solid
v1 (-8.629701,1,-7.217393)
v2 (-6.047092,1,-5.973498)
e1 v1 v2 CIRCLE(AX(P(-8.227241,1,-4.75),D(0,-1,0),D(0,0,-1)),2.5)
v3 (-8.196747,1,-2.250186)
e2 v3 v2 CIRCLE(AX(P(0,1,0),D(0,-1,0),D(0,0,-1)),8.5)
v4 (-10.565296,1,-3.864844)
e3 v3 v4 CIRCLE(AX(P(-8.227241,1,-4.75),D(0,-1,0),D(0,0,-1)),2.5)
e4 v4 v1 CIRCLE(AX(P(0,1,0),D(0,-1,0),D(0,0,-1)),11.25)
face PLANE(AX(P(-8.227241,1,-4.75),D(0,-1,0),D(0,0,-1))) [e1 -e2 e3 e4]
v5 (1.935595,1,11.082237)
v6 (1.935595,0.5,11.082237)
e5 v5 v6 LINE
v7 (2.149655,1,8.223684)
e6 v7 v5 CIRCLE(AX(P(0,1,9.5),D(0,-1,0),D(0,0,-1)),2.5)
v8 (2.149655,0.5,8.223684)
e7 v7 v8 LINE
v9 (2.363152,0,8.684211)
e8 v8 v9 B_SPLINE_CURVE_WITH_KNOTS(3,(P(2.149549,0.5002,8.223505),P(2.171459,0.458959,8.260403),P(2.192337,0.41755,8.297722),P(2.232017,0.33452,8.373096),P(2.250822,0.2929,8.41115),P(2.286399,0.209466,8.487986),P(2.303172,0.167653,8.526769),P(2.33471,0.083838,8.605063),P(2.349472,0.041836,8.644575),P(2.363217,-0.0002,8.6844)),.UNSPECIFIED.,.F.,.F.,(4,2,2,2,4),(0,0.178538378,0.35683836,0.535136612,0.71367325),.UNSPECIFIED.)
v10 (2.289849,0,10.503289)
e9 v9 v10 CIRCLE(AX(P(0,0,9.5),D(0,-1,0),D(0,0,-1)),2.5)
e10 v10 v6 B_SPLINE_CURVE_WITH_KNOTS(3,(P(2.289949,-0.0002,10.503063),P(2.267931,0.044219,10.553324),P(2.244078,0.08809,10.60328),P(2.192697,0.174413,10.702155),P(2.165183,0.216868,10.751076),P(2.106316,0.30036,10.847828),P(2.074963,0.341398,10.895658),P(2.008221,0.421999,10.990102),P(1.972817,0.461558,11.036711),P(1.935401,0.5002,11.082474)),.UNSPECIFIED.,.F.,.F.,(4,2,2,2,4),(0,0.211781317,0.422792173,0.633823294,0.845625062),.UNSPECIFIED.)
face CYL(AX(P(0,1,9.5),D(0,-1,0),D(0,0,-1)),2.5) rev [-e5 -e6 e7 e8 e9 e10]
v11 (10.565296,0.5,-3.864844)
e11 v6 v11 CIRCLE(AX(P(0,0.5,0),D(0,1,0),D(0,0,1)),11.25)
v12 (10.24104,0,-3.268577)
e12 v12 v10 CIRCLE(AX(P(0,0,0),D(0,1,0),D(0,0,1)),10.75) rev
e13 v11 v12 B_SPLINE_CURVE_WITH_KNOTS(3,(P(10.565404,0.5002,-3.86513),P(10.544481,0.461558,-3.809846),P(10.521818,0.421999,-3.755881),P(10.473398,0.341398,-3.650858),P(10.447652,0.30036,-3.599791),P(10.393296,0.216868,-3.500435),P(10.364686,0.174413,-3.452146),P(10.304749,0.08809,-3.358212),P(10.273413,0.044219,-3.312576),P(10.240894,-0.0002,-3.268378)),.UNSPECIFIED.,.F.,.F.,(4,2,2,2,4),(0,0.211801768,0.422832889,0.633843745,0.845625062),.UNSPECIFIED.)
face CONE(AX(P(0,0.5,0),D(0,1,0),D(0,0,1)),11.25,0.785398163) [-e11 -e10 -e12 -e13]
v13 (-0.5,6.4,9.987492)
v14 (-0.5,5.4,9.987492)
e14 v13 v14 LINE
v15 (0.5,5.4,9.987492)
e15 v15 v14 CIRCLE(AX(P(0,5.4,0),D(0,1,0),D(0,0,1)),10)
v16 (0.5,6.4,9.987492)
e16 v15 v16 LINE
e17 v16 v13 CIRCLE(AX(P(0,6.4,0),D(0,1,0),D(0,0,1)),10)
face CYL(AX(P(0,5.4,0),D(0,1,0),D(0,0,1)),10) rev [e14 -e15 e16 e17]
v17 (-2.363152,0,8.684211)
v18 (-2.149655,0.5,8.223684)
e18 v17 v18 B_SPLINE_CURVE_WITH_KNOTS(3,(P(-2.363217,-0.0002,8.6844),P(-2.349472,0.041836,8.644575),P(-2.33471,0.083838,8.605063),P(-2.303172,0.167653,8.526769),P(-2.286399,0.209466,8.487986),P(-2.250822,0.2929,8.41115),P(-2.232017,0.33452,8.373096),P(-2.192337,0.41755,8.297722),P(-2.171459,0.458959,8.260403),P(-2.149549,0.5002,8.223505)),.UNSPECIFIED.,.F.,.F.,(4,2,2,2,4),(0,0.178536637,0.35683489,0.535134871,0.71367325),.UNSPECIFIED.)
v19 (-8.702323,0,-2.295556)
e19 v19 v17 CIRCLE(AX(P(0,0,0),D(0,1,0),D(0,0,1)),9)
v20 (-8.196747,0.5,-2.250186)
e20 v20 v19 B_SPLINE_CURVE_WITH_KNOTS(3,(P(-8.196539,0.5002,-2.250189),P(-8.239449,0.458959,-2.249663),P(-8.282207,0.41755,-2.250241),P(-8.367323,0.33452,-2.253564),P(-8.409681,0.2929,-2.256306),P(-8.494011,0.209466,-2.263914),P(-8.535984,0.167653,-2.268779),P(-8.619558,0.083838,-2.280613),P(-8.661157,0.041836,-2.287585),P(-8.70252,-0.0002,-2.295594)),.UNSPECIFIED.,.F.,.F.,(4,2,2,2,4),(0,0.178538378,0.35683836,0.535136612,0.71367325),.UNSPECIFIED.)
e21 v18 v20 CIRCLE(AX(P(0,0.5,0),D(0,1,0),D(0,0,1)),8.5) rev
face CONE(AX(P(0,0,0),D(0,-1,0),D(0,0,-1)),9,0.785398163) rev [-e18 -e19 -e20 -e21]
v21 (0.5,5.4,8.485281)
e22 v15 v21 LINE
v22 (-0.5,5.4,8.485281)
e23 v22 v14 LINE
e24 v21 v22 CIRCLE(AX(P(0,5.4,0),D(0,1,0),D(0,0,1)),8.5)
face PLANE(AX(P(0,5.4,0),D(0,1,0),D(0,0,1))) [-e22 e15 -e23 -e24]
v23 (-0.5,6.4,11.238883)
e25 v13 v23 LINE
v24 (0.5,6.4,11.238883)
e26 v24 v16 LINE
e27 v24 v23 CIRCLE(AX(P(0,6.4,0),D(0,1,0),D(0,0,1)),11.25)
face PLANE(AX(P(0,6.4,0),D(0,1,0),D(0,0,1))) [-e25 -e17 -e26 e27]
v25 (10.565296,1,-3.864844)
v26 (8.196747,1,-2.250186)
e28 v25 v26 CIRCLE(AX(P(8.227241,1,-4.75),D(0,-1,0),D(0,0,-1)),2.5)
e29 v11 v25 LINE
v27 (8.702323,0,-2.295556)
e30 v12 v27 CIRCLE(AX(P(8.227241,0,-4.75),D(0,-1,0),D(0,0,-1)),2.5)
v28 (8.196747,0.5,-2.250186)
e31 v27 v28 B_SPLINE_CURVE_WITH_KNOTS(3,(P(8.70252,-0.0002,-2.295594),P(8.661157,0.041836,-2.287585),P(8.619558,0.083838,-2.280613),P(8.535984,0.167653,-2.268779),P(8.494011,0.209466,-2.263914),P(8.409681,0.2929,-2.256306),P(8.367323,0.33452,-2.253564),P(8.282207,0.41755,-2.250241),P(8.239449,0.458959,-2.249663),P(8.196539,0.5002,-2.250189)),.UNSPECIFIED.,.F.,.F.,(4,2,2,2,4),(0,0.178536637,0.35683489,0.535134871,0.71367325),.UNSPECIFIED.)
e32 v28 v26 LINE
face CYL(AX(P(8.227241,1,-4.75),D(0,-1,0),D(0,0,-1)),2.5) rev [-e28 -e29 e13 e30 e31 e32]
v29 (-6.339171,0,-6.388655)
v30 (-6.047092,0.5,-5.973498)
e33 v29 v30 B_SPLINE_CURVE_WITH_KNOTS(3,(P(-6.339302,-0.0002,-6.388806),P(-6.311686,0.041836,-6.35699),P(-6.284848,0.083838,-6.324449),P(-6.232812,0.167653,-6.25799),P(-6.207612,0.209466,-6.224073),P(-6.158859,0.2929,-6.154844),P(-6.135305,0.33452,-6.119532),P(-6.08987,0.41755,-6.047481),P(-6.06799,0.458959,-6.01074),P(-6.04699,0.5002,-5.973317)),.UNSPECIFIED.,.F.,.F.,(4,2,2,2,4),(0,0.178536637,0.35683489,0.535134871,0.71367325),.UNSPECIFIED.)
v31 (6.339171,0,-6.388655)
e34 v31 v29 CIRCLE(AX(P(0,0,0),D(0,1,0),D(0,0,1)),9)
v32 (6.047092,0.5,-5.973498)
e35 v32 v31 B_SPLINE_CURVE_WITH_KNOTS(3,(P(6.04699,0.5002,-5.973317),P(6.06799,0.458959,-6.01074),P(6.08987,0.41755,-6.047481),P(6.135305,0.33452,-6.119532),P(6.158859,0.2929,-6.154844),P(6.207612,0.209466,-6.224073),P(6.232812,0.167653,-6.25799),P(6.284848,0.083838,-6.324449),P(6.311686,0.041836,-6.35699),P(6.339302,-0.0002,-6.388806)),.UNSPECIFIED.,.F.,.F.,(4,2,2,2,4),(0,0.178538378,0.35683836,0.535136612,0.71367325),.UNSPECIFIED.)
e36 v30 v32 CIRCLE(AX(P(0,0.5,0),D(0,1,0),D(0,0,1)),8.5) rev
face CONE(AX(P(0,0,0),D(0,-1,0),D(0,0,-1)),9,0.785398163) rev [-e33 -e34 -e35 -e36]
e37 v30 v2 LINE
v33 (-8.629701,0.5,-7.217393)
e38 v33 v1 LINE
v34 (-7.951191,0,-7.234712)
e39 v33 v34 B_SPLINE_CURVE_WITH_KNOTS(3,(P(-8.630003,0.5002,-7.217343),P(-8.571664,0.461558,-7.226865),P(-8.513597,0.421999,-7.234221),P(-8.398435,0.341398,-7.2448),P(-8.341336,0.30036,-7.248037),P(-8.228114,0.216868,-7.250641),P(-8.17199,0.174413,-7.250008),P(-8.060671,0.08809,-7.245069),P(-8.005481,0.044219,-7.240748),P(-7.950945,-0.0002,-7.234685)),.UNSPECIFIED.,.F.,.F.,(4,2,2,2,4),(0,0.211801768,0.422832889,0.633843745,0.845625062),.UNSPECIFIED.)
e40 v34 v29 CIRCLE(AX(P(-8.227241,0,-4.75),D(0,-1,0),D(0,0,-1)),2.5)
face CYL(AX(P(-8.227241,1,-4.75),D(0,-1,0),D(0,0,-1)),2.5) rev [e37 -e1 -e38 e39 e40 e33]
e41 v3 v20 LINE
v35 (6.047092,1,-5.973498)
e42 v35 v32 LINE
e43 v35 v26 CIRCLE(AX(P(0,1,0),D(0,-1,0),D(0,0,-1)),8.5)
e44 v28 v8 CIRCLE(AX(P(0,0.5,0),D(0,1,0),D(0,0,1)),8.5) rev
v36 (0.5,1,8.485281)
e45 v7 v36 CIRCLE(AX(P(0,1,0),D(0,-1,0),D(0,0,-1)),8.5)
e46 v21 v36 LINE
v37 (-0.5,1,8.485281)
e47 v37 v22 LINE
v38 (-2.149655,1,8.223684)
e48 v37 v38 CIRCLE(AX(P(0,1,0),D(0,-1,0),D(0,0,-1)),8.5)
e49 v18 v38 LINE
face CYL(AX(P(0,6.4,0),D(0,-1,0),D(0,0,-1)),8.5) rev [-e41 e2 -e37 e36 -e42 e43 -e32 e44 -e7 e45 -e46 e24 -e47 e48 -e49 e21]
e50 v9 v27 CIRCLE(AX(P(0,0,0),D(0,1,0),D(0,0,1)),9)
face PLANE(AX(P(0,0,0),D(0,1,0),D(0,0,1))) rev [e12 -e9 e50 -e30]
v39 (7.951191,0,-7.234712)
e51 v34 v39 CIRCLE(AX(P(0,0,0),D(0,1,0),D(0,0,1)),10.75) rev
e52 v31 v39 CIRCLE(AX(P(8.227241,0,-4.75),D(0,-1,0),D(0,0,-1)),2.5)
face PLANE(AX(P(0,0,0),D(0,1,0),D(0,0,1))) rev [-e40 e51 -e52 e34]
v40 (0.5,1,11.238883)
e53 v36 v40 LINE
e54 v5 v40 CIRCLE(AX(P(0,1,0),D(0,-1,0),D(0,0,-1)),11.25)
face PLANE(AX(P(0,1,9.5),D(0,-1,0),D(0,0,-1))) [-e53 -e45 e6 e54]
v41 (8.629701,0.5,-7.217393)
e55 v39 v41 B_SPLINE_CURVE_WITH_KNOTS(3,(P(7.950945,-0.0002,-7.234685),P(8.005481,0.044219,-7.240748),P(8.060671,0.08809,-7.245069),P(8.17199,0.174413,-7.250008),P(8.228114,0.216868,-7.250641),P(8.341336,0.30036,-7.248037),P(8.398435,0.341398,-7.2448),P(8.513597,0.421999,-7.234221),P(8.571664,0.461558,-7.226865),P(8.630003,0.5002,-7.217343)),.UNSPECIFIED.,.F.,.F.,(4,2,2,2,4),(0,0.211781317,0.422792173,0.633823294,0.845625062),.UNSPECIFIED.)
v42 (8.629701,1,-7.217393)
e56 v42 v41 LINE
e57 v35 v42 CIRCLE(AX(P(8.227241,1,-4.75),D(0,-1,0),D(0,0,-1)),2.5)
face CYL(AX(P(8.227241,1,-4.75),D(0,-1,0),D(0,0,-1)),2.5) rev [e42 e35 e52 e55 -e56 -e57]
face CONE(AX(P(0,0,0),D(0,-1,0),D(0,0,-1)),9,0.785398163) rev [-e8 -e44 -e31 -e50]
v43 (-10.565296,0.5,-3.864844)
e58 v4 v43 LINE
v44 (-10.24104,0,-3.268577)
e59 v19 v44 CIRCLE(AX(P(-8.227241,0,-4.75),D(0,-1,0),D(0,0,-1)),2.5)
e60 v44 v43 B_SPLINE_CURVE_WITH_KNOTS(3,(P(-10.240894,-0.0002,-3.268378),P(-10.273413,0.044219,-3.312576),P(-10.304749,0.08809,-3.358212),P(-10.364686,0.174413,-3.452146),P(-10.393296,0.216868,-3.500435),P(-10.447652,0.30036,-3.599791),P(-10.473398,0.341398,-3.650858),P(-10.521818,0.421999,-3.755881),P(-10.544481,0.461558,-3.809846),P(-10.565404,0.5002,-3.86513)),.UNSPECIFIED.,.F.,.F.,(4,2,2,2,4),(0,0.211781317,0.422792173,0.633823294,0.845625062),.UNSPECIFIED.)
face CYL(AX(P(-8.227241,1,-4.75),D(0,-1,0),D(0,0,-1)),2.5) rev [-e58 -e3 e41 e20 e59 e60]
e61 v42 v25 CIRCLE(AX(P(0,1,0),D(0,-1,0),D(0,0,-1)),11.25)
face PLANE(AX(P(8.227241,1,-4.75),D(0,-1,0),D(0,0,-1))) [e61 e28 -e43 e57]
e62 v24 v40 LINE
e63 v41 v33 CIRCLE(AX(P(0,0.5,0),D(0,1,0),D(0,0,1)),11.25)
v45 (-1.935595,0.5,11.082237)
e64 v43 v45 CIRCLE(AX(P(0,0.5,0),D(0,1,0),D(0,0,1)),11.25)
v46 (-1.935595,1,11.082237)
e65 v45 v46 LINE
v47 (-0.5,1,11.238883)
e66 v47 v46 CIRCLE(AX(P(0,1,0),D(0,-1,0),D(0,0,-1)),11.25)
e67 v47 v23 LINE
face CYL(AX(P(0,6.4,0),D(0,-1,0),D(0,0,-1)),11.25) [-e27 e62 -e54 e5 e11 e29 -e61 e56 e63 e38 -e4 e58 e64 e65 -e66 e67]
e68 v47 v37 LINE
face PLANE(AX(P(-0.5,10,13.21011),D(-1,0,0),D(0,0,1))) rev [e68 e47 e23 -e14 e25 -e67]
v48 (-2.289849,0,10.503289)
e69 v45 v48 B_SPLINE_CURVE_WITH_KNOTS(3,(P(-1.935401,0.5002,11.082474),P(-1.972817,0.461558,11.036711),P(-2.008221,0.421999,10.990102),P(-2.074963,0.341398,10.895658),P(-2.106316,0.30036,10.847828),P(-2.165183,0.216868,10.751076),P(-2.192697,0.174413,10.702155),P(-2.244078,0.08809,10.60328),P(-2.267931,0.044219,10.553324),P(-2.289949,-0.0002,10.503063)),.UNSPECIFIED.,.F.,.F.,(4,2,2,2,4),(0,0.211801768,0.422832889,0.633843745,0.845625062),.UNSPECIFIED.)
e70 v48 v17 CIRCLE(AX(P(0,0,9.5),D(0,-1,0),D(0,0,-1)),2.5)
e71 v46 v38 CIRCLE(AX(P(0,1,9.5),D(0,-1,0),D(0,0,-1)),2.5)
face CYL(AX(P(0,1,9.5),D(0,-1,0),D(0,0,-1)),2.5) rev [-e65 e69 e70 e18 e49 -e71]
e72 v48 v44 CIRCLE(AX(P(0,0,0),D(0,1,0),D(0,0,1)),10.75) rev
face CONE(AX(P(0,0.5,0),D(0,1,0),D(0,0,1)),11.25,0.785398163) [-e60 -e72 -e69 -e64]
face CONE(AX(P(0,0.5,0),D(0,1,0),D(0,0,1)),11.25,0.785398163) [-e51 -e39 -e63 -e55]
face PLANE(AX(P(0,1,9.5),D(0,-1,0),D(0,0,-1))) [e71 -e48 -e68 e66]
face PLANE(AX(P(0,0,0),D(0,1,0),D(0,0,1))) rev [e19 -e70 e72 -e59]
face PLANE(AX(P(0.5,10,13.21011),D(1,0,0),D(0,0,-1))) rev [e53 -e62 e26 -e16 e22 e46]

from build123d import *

# Parameters (mm, degrees)
SKETCH1_R           = 11.25
SKETCH1_R_2         = 8.5
BOSS_EXTRUDE1_DEPTH = 6.4
SKETCH2_R           = 10
CUT_EXTRUDE1_DEPTH  = 1
CHAMFER1_SIZE       = 0.5
SKETCH3_R           = 2.5
CUT_EXTRUDE2_DEPTH  = 1
SKETCH4_W           = 1
SKETCH4_H           = 7.023795273
CUT_EXTRUDE3_DEPTH  = 10


with BuildPart() as part:
    # Sketch1 → Boss-Extrude1 (new body)
    with BuildSketch(Plane(origin=(0, 0, 0), x_dir=(1, 0, 0), z_dir=(0, 1, 0))):
        Circle(SKETCH1_R)
        Circle(SKETCH1_R_2, mode=Mode.SUBTRACT)
    extrude(amount=BOSS_EXTRUDE1_DEPTH)

    # Sketch2 → Cut-Extrude1 (cut)
    with BuildSketch(Plane(origin=(0, 6.4, 0), x_dir=(1, 0, 0), z_dir=(0, 1, 0))):
        Circle(SKETCH2_R)
    extrude(amount=-CUT_EXTRUDE1_DEPTH, mode=Mode.SUBTRACT)

    # Chamfer1
    chamfer1_edges = [part.edges().sort_by_distance(p)[0] for p in [
        (-8.5, 0, 0),
        (-11.25, 0, 0),
    ]]
    chamfer(chamfer1_edges, length=CHAMFER1_SIZE)

    # Sketch3 → Cut-Extrude2 (cut)
    with BuildSketch(Plane.XZ):
        with Locations((0, 9.5)):
            Circle(SKETCH3_R)
        with Locations((8.227241336, -4.75)):
            Circle(SKETCH3_R)
        with Locations((-8.227241336, -4.75)):
            Circle(SKETCH3_R)
    extrude(amount=-CUT_EXTRUDE2_DEPTH, mode=Mode.SUBTRACT)

    # Sketch4 → Cut-Extrude3 (cut)
    with BuildSketch(Plane.XZ):
        with Locations((0, 9.698212769)):
            Rectangle(SKETCH4_W, SKETCH4_H)
    extrude(amount=-CUT_EXTRUDE3_DEPTH, mode=Mode.SUBTRACT)


solid = part.part
